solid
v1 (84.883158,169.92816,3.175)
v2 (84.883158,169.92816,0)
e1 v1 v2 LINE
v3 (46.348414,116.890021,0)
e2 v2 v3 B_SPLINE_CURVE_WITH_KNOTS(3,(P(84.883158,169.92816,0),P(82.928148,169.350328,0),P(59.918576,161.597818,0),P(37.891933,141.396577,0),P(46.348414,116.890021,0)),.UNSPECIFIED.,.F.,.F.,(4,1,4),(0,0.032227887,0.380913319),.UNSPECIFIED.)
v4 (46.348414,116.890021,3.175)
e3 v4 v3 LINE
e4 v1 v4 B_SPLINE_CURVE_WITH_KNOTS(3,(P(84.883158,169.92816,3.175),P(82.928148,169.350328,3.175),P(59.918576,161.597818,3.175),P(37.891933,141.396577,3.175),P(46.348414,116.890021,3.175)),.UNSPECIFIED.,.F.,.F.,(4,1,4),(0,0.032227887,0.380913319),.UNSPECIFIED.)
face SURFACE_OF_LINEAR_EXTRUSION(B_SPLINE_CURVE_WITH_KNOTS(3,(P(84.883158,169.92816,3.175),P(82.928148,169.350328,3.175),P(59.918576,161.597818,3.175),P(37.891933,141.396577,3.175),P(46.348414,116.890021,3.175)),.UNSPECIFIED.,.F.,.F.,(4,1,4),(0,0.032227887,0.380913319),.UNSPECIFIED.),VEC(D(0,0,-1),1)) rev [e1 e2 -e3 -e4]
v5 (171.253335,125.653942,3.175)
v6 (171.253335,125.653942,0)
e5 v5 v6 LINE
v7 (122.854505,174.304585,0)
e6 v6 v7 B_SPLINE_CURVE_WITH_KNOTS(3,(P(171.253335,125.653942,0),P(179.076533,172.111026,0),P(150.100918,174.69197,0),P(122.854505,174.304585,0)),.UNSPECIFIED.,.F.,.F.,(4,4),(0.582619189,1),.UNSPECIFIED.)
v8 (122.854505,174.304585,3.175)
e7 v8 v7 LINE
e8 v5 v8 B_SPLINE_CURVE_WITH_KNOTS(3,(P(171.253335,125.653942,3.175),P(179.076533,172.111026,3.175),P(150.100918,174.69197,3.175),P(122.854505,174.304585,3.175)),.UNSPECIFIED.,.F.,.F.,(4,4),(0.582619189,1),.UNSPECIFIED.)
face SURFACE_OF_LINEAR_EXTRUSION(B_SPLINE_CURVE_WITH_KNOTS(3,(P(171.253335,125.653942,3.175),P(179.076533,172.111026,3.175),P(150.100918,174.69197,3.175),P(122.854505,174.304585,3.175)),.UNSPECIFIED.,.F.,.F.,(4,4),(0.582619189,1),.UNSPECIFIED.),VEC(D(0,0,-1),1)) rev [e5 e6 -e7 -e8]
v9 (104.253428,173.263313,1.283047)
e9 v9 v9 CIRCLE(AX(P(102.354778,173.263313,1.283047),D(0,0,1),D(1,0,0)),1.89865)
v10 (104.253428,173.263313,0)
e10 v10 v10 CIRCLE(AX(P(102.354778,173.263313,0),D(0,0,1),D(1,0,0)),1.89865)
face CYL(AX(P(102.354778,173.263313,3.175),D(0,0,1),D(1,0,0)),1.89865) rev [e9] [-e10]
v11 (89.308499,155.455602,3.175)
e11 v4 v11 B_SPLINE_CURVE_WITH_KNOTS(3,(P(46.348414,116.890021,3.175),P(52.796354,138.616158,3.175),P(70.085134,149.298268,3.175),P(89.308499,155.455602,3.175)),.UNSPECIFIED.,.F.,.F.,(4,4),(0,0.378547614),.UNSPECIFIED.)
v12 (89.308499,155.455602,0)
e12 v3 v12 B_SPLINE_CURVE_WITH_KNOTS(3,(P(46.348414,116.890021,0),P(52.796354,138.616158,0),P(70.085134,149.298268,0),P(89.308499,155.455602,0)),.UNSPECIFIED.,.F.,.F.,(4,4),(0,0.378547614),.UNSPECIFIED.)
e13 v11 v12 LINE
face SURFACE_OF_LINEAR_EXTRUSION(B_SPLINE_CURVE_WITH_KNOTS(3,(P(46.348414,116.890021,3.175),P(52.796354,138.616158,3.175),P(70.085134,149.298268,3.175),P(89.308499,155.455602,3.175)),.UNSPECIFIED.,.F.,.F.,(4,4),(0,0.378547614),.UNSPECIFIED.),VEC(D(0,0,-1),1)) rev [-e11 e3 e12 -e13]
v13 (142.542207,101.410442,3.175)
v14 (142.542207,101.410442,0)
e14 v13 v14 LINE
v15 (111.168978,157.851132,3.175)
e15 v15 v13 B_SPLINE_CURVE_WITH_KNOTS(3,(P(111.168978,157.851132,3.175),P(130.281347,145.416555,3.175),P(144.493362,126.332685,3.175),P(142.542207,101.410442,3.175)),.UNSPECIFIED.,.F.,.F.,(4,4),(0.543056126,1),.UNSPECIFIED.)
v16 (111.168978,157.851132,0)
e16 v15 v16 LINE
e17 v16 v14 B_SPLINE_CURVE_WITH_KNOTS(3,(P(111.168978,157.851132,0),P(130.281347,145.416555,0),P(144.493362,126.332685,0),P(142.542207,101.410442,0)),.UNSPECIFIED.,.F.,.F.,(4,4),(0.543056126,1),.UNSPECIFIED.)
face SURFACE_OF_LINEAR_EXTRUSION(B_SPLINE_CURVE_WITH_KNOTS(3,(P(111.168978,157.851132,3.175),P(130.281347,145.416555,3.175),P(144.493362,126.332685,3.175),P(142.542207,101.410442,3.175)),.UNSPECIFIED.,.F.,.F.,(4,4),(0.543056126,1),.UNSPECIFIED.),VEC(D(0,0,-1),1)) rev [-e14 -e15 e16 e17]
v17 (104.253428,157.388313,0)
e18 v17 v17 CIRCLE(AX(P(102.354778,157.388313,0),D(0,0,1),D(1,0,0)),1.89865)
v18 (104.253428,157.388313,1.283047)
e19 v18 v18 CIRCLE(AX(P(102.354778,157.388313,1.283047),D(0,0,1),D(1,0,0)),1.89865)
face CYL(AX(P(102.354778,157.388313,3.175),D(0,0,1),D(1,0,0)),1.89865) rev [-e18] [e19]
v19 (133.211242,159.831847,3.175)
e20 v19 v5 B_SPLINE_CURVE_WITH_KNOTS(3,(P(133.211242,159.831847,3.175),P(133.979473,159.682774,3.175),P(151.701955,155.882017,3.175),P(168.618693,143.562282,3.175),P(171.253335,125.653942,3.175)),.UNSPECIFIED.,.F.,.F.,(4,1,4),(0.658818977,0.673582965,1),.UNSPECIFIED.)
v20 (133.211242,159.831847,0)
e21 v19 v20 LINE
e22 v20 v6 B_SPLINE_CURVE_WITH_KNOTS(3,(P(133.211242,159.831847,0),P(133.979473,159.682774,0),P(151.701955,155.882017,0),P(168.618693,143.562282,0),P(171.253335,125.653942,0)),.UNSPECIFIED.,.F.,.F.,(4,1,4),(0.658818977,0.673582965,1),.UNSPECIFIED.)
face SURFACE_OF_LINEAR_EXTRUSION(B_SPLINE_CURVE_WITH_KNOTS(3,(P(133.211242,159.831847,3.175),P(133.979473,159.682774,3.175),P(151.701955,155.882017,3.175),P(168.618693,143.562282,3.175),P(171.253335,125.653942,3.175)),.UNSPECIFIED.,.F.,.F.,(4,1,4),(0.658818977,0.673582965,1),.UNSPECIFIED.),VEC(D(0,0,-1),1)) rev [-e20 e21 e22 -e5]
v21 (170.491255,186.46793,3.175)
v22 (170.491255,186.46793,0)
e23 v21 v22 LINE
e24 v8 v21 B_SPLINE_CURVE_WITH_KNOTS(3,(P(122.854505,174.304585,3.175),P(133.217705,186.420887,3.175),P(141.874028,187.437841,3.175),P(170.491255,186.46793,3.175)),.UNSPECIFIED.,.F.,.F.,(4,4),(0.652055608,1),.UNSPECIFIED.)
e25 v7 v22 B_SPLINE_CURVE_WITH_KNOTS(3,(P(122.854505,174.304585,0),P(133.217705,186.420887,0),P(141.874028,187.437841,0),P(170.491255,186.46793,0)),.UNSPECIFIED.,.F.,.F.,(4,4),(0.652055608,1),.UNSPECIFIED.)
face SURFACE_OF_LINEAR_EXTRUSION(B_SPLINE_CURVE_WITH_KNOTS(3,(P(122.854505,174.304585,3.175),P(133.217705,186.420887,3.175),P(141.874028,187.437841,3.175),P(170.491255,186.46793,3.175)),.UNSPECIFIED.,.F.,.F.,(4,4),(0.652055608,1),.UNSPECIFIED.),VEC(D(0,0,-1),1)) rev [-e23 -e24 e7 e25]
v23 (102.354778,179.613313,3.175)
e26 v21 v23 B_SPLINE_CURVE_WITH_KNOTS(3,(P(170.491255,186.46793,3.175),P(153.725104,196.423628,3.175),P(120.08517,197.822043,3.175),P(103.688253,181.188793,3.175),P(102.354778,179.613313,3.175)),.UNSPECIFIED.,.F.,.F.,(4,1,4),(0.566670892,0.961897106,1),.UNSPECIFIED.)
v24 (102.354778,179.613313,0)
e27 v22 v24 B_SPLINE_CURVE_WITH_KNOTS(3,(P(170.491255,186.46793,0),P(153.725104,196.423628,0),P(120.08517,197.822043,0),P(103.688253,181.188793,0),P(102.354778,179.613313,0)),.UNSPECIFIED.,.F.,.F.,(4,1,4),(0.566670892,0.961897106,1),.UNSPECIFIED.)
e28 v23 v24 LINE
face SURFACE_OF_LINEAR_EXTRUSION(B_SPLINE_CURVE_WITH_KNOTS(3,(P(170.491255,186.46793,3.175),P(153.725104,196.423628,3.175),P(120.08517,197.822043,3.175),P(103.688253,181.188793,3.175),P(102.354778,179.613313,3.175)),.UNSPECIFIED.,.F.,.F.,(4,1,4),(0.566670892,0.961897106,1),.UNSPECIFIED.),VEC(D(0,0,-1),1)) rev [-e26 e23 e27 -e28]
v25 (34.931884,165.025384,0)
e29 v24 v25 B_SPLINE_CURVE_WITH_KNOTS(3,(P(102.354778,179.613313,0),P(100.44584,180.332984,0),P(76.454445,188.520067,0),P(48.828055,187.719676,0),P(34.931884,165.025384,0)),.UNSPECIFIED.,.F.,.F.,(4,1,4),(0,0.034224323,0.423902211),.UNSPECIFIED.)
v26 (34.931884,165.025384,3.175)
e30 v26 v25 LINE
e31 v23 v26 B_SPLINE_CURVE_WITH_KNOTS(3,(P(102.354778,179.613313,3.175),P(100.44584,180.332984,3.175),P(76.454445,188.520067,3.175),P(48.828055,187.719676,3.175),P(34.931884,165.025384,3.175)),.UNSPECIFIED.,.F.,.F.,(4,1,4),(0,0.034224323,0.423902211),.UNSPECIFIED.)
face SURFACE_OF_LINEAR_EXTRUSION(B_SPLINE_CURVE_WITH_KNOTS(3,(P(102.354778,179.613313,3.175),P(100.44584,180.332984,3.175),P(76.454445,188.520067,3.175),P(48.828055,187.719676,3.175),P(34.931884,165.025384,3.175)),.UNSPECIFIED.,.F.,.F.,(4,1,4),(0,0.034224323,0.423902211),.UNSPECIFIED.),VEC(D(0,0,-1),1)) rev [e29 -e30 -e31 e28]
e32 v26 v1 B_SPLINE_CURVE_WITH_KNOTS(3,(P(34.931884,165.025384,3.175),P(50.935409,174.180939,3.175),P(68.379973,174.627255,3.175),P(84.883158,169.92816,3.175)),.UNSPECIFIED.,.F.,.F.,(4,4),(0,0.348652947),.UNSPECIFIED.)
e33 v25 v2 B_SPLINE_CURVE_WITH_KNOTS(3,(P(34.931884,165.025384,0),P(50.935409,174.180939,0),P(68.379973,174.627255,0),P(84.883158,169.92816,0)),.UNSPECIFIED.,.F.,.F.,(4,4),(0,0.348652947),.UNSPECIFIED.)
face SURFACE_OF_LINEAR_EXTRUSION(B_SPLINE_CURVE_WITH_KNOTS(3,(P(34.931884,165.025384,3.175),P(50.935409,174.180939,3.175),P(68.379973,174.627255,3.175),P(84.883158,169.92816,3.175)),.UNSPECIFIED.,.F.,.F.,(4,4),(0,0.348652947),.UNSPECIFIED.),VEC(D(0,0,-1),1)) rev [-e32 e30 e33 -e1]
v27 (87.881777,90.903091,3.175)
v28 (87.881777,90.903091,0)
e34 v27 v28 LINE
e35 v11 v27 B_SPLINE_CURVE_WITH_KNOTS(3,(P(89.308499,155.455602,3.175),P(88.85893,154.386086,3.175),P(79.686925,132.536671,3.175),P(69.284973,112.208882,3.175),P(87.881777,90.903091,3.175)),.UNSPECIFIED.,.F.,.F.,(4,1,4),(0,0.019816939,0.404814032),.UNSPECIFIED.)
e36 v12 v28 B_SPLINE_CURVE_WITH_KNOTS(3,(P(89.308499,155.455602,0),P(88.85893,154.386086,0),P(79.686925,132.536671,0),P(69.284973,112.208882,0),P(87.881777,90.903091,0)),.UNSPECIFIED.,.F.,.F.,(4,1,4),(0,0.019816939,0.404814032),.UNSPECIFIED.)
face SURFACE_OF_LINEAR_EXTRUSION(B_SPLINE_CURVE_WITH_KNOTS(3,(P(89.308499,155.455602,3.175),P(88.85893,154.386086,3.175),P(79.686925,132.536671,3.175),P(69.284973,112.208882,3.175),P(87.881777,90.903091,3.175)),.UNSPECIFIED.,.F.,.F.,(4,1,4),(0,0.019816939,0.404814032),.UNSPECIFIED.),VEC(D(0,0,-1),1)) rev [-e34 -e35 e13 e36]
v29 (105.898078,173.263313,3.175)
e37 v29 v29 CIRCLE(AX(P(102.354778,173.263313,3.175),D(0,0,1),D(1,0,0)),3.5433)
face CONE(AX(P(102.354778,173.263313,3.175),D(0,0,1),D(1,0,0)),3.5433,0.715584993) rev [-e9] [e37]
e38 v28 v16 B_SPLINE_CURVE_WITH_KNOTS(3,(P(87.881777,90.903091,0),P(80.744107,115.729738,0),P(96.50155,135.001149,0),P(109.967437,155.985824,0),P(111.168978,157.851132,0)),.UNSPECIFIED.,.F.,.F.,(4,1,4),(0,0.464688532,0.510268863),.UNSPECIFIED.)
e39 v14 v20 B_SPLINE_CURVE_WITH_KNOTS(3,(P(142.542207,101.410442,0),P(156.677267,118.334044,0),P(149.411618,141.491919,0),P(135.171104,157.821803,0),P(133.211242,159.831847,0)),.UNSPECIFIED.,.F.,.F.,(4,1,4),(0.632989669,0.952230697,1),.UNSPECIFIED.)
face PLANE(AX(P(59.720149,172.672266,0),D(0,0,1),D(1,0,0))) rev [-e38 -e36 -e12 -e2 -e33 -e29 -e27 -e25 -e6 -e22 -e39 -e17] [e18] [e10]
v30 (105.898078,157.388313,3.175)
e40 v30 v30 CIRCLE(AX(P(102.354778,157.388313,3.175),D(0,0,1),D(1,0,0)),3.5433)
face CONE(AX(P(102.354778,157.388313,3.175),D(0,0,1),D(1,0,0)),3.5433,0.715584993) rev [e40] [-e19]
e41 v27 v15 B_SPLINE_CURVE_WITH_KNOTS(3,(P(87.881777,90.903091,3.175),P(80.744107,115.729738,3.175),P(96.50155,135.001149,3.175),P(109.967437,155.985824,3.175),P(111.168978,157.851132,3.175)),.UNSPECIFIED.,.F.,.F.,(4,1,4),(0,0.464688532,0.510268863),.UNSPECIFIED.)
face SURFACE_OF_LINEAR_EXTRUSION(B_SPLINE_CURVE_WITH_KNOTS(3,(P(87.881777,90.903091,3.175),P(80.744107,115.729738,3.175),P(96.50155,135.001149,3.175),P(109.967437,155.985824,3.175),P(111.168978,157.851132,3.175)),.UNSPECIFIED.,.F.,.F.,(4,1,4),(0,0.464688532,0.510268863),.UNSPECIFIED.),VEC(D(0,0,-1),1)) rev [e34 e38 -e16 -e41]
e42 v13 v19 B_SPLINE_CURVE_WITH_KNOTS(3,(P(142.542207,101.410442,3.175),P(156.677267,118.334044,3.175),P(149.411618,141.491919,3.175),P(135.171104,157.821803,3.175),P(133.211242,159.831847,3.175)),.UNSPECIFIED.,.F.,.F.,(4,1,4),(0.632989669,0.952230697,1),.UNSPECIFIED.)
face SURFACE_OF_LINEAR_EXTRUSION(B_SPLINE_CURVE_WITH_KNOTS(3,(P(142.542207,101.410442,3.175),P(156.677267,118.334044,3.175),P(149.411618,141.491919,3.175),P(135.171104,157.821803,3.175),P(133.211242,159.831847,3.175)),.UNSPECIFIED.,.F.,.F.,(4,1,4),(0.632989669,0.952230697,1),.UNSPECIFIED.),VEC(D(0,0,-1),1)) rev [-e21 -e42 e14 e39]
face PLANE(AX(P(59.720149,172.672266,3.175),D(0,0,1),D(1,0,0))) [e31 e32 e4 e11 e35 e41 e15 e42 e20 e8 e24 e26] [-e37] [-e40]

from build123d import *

# Parameters (mm, degrees)
BOSS_EXTRUDE1_DEPTH                           = 3.175
CSK_FOR_6_FLAT_HEAD_MACHINE_SCREW1_AT_2_COUNT = 2
CSK_FOR_6_FLAT_HEAD_MACHINE_SCREW1_AT_2_PITCH = 15.875


with BuildPart() as part:
    # Sketch1 → Boss-Extrude1 (new body)
    with BuildSketch(Plane.XY):
        with BuildLine():
            add(Edge.make_bspline(
                [(34.931884294, 165.025383652), (48.828055098, 187.719675837), (76.45444521, 188.520066825), (100.445839981, 180.332984416), (102.354778378, 179.613312562)],
                knots=[0, 0, 0, 0, 0.389677888, 0.423902211, 0.423902211, 0.423902211, 0.423902211], degree=3))
            add(Edge.make_bspline(
                [(102.354778378, 179.613312562), (103.688252769, 181.188793447), (120.08516999, 197.822043176), (153.725104458, 196.423627733), (170.491254722, 186.467930029)],
                knots=[0.566670892, 0.566670892, 0.566670892, 0.566670892, 0.604773786, 1, 1, 1, 1], degree=3))
            add(Edge.make_bspline(
                [(122.854505464, 174.304585318), (133.217704907, 186.42088718), (141.87402844, 187.437840711), (170.491254722, 186.467930029)],
                knots=[0.652055608, 0.652055608, 0.652055608, 0.652055608, 1, 1, 1, 1], degree=3))
            add(Edge.make_bspline(
                [(122.854505464, 174.304585318), (150.100917529, 174.691970084), (179.076532886, 172.111025689), (171.253334777, 125.653941669)],
                knots=[0.582619189, 0.582619189, 0.582619189, 0.582619189, 1, 1, 1, 1], degree=3))
            add(Edge.make_bspline(
                [(133.211242061, 159.831846766), (133.979472702, 159.682774194), (151.701954736, 155.882016517), (168.618692728, 143.562281616), (171.253334777, 125.653941669)],
                knots=[0.658818977, 0.658818977, 0.658818977, 0.658818977, 0.673582965, 1, 1, 1, 1], degree=3))
            add(Edge.make_bspline(
                [(133.211242061, 159.831846766), (135.171104002, 157.821803299), (149.411618041, 141.491919338), (156.677266996, 118.334043551), (142.542206677, 101.410441691)],
                knots=[0.632989669, 0.632989669, 0.632989669, 0.632989669, 0.680758972, 1, 1, 1, 1], degree=3))
            add(Edge.make_bspline(
                [(111.168977908, 157.851131594), (130.281346763, 145.416554664), (144.493361512, 126.332685465), (142.542206677, 101.410441691)],
                knots=[0.543056126, 0.543056126, 0.543056126, 0.543056126, 1, 1, 1, 1], degree=3))
            add(Edge.make_bspline(
                [(87.881776799, 90.903091177), (80.744106998, 115.729737526), (96.501549834, 135.001149116), (109.967437477, 155.985823694), (111.168977908, 157.851131594)],
                knots=[0, 0, 0, 0, 0.464688532, 0.510268863, 0.510268863, 0.510268863, 0.510268863], degree=3))
            add(Edge.make_bspline(
                [(87.881776799, 90.903091177), (69.284973328, 112.208882094), (79.686924952, 132.536670793), (88.858930138, 154.386086423), (89.308499289, 155.455602419)],
                knots=[0, 0, 0, 0, 0.384997093, 0.404814032, 0.404814032, 0.404814032, 0.404814032], degree=3))
            add(Edge.make_bspline(
                [(46.348413822, 116.89002104), (52.796354346, 138.61615839), (70.085133937, 149.298268287), (89.308499289, 155.455602419)],
                knots=[0, 0, 0, 0, 0.378547614, 0.378547614, 0.378547614, 0.378547614], degree=3))
            add(Edge.make_bspline(
                [(46.348413822, 116.89002104), (37.891933448, 141.39657653), (59.918576266, 161.597817566), (82.928148168, 169.350328204), (84.88315803, 169.928160001)],
                knots=[0, 0, 0, 0, 0.348685432, 0.380913319, 0.380913319, 0.380913319, 0.380913319], degree=3))
            add(Edge.make_bspline(
                [(34.931884294, 165.025383652), (50.935408962, 174.180938827), (68.379973418, 174.627254849), (84.88315803, 169.928160001)],
                knots=[0, 0, 0, 0, 0.348652947, 0.348652947, 0.348652947, 0.348652947], degree=3))
        make_face()
    extrude(amount=BOSS_EXTRUDE1_DEPTH)

    # Sketch3 → CSK for #6 Flat Head Machine Screw1 (revolve, cut)
    with BuildSketch(Plane(origin=(102.354778378, 173.263312562, 3.175), x_dir=(0, -1, 0), z_dir=(1, 0, 0))):
        Polygon((0, 0), (0, 3.175), (1.89865, 3.175), (1.89865, 1.891953401), (3.5433, 0), align=None)
    csk_for_6_flat_head_machine_screw1 = revolve(axis=Axis((102.354778378, 173.263312562, 9.525), (0, 0, -1)), mode=Mode.SUBTRACT)

    # CSK for #6 Flat Head Machine Screw1 at 2: CSK for #6 Flat Head Machine Screw1 ×2
    with Locations(*[(0, -i * CSK_FOR_6_FLAT_HEAD_MACHINE_SCREW1_AT_2_PITCH, 0) for i in range(1, CSK_FOR_6_FLAT_HEAD_MACHINE_SCREW1_AT_2_COUNT)]):
        add(csk_for_6_flat_head_machine_screw1, mode=Mode.SUBTRACT)


solid = part.part
